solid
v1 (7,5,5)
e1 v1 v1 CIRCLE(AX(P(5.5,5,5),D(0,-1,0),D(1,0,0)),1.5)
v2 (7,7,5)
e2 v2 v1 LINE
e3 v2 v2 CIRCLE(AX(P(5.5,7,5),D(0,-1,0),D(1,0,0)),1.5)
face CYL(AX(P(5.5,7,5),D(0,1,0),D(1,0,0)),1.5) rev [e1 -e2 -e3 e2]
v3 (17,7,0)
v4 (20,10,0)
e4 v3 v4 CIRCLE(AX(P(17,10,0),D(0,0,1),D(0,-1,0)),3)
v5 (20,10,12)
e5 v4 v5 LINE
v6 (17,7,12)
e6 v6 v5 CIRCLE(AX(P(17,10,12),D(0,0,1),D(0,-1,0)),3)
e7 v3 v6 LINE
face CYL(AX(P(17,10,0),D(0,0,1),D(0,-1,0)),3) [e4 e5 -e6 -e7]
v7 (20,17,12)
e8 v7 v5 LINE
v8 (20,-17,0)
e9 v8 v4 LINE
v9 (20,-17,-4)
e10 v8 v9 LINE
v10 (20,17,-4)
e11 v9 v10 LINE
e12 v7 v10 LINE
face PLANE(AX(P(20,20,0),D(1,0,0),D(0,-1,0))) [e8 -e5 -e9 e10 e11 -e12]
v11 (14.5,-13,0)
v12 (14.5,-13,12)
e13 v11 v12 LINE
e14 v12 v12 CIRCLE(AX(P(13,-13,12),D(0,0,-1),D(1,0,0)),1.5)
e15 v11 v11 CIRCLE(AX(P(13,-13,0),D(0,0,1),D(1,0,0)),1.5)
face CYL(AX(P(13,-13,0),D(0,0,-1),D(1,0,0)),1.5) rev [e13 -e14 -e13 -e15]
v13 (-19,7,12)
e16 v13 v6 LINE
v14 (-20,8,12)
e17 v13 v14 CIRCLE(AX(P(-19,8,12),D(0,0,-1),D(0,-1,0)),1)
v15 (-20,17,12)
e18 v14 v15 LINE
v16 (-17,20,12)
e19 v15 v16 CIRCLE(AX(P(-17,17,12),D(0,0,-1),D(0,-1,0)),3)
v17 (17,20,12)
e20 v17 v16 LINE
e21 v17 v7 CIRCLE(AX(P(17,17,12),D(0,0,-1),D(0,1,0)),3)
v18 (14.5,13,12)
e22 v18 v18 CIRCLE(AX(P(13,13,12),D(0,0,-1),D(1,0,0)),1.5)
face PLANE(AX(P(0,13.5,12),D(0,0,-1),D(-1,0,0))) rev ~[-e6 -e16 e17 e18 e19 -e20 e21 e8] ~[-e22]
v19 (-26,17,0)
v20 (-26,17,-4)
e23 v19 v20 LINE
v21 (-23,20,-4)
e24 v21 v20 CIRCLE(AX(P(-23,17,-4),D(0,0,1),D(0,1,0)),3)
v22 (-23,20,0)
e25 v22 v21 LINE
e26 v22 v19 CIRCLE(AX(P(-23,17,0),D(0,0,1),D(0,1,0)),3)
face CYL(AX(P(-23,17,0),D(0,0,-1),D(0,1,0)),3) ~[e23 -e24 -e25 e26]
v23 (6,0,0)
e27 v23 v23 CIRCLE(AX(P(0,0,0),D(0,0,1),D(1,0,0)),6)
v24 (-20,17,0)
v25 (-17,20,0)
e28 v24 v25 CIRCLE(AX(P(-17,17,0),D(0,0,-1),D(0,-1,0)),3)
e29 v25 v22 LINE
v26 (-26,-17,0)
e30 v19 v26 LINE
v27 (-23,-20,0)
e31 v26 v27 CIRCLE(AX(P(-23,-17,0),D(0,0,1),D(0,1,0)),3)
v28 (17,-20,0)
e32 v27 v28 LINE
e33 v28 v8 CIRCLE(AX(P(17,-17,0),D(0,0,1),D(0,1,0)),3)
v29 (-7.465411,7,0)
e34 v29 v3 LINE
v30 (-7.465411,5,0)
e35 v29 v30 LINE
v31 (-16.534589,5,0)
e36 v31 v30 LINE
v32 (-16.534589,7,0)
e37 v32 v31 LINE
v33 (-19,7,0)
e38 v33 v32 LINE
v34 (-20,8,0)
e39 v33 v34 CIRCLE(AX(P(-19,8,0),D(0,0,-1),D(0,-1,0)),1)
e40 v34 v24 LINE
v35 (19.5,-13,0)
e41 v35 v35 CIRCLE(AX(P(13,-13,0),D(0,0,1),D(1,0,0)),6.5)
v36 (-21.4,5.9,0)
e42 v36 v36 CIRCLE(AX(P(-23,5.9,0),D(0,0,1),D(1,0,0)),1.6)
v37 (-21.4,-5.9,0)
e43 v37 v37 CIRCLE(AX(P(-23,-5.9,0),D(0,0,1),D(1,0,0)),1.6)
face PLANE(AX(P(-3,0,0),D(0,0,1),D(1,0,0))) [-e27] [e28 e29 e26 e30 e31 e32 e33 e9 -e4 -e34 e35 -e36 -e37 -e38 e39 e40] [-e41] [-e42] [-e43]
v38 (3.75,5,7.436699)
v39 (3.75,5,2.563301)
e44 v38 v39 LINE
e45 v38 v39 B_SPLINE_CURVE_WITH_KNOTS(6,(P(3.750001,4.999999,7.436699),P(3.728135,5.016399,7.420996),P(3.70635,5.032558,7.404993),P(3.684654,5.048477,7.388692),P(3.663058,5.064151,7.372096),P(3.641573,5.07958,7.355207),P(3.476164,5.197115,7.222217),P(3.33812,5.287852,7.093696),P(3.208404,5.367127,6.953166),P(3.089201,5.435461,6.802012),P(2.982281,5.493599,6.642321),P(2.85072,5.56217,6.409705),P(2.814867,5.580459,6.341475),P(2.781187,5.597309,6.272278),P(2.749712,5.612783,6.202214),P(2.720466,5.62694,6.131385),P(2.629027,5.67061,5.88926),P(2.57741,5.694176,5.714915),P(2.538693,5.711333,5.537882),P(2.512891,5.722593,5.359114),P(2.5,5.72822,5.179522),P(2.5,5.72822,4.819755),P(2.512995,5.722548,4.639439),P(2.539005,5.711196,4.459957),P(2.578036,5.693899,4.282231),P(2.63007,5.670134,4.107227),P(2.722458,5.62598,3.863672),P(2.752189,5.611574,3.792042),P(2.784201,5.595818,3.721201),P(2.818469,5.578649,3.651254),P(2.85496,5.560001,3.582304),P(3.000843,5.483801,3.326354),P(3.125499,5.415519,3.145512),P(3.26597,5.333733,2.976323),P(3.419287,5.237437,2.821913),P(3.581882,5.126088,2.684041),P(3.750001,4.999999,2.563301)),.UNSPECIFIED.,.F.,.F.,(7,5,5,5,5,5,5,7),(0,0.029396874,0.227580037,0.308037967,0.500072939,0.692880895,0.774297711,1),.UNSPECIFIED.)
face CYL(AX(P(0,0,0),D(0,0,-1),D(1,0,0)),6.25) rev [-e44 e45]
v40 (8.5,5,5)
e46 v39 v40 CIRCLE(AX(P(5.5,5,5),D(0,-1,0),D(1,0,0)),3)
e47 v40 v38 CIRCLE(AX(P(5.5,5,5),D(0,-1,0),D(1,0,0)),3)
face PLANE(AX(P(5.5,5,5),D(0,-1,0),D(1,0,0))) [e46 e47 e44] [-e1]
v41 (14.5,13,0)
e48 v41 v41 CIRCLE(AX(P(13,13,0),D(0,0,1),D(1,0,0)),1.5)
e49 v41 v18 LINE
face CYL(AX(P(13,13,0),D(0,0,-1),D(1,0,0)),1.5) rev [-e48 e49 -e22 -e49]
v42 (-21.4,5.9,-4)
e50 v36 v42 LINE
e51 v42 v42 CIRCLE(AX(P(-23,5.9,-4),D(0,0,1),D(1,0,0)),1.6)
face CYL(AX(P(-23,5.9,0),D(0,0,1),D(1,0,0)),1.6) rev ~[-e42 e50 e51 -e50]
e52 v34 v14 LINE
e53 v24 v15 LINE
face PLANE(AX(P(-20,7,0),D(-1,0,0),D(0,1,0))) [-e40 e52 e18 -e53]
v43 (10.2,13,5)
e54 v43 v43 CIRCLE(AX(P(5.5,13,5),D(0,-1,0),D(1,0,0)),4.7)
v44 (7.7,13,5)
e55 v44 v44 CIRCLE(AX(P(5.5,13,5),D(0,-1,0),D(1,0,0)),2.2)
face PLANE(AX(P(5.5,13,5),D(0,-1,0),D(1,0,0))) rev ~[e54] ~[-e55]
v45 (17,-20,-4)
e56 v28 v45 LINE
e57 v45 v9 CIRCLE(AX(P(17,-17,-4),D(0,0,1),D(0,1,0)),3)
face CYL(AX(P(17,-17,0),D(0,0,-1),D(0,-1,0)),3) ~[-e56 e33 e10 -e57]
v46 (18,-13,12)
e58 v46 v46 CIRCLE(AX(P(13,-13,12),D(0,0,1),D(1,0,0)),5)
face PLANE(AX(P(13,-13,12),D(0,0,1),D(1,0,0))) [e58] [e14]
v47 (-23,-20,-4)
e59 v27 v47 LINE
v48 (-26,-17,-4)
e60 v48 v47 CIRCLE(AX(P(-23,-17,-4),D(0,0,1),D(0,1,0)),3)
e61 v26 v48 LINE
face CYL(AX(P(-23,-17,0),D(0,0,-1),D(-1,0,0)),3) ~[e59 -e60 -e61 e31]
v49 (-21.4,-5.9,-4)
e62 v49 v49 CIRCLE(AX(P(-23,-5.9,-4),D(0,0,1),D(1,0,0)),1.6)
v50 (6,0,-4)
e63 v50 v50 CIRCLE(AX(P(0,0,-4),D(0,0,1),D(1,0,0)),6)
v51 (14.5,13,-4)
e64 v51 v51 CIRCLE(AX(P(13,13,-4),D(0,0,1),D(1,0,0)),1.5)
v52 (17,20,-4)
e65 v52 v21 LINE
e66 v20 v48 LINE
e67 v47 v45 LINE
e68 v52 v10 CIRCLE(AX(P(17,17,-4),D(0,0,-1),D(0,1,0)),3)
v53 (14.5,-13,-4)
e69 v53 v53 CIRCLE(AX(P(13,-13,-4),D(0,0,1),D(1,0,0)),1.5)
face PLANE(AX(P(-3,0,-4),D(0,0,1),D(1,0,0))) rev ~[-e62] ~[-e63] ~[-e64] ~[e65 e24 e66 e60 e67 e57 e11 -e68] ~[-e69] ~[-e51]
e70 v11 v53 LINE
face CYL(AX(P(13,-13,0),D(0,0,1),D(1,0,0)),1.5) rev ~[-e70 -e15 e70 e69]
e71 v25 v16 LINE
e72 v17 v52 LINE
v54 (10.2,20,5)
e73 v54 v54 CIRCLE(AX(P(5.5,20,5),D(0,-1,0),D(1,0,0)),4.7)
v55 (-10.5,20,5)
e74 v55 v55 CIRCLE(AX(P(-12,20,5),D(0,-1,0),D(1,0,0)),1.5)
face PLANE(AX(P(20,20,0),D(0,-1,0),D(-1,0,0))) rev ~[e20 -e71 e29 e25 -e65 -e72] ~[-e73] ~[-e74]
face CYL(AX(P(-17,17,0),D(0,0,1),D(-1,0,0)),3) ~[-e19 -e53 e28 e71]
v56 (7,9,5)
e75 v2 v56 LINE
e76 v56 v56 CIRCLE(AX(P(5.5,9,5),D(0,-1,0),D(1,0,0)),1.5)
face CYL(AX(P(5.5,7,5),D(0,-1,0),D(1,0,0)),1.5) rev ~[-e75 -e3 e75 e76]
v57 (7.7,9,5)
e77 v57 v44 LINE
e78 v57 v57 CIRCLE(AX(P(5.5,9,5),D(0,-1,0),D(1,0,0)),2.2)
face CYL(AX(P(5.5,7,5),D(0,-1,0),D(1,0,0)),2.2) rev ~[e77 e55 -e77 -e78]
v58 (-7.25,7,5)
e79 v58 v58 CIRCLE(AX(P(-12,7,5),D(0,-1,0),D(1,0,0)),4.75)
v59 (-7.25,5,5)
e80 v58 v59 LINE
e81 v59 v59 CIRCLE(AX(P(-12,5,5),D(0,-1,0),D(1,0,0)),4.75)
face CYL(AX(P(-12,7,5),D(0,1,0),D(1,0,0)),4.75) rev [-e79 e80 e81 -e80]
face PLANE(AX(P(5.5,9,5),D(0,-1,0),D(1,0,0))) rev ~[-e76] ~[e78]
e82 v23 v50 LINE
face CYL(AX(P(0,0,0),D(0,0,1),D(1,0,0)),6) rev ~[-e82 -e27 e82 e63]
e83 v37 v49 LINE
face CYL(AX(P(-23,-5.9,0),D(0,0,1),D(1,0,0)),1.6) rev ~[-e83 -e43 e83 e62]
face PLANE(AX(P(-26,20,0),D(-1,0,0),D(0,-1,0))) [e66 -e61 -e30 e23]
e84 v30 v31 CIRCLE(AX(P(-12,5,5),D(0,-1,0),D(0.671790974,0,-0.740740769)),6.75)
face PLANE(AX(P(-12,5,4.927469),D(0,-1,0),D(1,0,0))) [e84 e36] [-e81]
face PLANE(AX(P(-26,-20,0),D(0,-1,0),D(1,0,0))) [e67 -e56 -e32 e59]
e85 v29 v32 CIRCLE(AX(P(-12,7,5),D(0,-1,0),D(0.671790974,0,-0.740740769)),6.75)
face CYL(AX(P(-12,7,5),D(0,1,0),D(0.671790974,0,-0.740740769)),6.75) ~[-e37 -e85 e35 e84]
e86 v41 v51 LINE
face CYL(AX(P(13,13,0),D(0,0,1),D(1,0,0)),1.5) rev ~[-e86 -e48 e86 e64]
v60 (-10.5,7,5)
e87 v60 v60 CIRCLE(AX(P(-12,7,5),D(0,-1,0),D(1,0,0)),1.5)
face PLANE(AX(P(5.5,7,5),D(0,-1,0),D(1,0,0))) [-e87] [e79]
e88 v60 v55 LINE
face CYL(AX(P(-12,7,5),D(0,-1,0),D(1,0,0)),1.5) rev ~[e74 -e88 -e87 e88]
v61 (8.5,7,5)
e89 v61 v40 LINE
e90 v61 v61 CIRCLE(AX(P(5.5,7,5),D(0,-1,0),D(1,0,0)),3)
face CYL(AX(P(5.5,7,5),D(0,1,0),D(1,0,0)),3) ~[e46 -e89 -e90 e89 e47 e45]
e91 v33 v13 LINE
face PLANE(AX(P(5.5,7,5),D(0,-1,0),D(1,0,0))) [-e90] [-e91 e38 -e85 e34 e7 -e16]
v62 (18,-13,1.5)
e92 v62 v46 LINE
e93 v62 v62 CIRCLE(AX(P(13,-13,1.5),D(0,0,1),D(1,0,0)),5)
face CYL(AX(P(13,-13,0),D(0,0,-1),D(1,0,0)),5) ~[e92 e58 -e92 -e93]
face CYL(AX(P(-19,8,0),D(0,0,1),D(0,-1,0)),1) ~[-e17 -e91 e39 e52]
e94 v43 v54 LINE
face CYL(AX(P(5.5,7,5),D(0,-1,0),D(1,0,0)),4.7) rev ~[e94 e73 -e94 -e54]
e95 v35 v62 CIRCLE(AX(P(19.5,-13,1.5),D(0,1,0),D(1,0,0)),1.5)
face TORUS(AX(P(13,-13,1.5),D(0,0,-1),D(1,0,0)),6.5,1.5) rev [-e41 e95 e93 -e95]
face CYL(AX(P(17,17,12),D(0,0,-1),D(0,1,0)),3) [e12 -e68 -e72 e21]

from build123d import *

# Parameters (mm, degrees)
SKETCH_R             = 1.6
SKETCH_R_2           = 6
PAD_DEPTH            = 4
SKETCH001_R          = 5
PAD001_DEPTH         = 12
SKETCH002_R          = 4.7
POCKET_DEPTH         = 13.001
SKETCH004_R          = 1.5
POCKET002_DEPTH      = 13.001
SKETCH005_R          = 1.5
POCKET003_DEPTH      = 4.001
POCKET003_DEPTH_BACK = 12.001
SKETCH006_R          = 4.7
SKETCH006_R_2        = 2.2
PAD002_DEPTH         = 6
SKETCH007_R          = 3
SKETCH007_R_2        = 1.5
PAD003_DEPTH         = 2
PAD003_DEPTH_BACK    = 2
SKETCH003_R          = 4.75
PAD004_DEPTH         = 2
SKETCH008_R          = 6.25
POCKET004_DEPTH      = 12.001
FILLET_R             = 1.5
FILLET001_R          = 3
FILLET002_R          = 1


with BuildPart() as part:
    # Sketch → Pad (new body)
    with BuildSketch(Plane.XY):
        Polygon((0, 20), (-26, 20), (-26, 0), (-26, -20), (0, -20), (20, -20), (20, 0), (20, 20), align=None)
        with Locations((-23, 5.9)):
            Circle(SKETCH_R, mode=Mode.SUBTRACT)
        with Locations((-23, -5.9)):
            Circle(SKETCH_R, mode=Mode.SUBTRACT)
        Circle(SKETCH_R_2, mode=Mode.SUBTRACT)
    extrude(amount=-PAD_DEPTH)

    # Sketch001 → Pad001 (join)
    with BuildSketch(Plane.XY):
        with Locations((13, -13)):
            Circle(SKETCH001_R)
        Polygon((0, 20), (20, 20), (20, 7), (0, 7), (-20, 7), (-20, 20), align=None)
    extrude(amount=PAD001_DEPTH)

    # Sketch002 (on DatumPlane) → Pocket (cut, through all)
    with BuildSketch(Plane.XZ.offset(-7)):
        with Locations((5.5, 5)):
            Circle(SKETCH002_R)
    extrude(amount=-POCKET_DEPTH, mode=Mode.SUBTRACT)

    # Sketch004 (on DatumPlane) → Pocket002 (cut, through all)
    with BuildSketch(Plane.XZ.offset(-7)):
        with Locations((-12, 5)):
            Circle(SKETCH004_R)
    extrude(amount=-POCKET002_DEPTH, mode=Mode.SUBTRACT)

    # Sketch005 → Pocket003 (cut, two sides)
    with BuildSketch(Plane.XY) as pocket003_sk:
        with Locations((13, -13)):
            Circle(SKETCH005_R)
        with Locations((13, 13)):
            Circle(SKETCH005_R)
    extrude(amount=-POCKET003_DEPTH, mode=Mode.SUBTRACT)
    extrude(pocket003_sk.sketch, amount=POCKET003_DEPTH_BACK, mode=Mode.SUBTRACT)

    # Sketch006 (on DatumPlane) → Pad002 (join)
    with BuildSketch(Plane.XZ.offset(-7)):
        with Locations((5.5, 5)):
            Circle(SKETCH006_R)
        with Locations((5.5, 5)):
            Circle(SKETCH006_R_2, mode=Mode.SUBTRACT)
    extrude(amount=-PAD002_DEPTH)

    # Sketch007 (on DatumPlane) → Pad003 (join, two sides)
    with BuildSketch(Plane.XZ.offset(-7)) as pad003_sk:
        with Locations((5.5, 5)):
            Circle(SKETCH007_R)
        with Locations((5.5, 5)):
            Circle(SKETCH007_R_2, mode=Mode.SUBTRACT)
    extrude(amount=PAD003_DEPTH)
    extrude(pad003_sk.sketch, amount=-PAD003_DEPTH_BACK)

    # Sketch003 (on DatumPlane) → Pad004 (join)
    with BuildSketch(Plane.XZ.offset(-7)):
        with BuildLine():
            ThreePointArc((-7.465411, 0), (-12, 11.75), (-16.534589, 0))
            Line((-16.534589, 0), (-7.465411, 0))
        make_face()
        with Locations((-12, 5)):
            Circle(SKETCH003_R, mode=Mode.SUBTRACT)
    extrude(amount=PAD004_DEPTH)

    # Sketch008 → Pocket004 (cut, through all)
    with BuildSketch(Plane.XY):
        Circle(SKETCH008_R)
    extrude(amount=POCKET004_DEPTH, mode=Mode.SUBTRACT)

    # Fillet
    fillet_edges = [part.edges().sort_by_distance(p)[0] for p in [
        (8, -13, 0),
    ]]
    fillet(fillet_edges, radius=FILLET_R)

    # Fillet001
    fillet001_edges = [part.edges().sort_by_distance(p)[0] for p in [
        (-26, -20, -2),
        (20, -20, -2),
        (20, 20, -2),
        (-26, 20, -2),
        (20, 7, 6),
        (-20, 20, 6),
    ]]
    fillet(fillet001_edges, radius=FILLET001_R)

    # Fillet002
    fillet002_edges = [part.edges().sort_by_distance(p)[0] for p in [
        (-20, 7, 6),
    ]]
    fillet(fillet002_edges, radius=FILLET002_R)


solid = part.part
